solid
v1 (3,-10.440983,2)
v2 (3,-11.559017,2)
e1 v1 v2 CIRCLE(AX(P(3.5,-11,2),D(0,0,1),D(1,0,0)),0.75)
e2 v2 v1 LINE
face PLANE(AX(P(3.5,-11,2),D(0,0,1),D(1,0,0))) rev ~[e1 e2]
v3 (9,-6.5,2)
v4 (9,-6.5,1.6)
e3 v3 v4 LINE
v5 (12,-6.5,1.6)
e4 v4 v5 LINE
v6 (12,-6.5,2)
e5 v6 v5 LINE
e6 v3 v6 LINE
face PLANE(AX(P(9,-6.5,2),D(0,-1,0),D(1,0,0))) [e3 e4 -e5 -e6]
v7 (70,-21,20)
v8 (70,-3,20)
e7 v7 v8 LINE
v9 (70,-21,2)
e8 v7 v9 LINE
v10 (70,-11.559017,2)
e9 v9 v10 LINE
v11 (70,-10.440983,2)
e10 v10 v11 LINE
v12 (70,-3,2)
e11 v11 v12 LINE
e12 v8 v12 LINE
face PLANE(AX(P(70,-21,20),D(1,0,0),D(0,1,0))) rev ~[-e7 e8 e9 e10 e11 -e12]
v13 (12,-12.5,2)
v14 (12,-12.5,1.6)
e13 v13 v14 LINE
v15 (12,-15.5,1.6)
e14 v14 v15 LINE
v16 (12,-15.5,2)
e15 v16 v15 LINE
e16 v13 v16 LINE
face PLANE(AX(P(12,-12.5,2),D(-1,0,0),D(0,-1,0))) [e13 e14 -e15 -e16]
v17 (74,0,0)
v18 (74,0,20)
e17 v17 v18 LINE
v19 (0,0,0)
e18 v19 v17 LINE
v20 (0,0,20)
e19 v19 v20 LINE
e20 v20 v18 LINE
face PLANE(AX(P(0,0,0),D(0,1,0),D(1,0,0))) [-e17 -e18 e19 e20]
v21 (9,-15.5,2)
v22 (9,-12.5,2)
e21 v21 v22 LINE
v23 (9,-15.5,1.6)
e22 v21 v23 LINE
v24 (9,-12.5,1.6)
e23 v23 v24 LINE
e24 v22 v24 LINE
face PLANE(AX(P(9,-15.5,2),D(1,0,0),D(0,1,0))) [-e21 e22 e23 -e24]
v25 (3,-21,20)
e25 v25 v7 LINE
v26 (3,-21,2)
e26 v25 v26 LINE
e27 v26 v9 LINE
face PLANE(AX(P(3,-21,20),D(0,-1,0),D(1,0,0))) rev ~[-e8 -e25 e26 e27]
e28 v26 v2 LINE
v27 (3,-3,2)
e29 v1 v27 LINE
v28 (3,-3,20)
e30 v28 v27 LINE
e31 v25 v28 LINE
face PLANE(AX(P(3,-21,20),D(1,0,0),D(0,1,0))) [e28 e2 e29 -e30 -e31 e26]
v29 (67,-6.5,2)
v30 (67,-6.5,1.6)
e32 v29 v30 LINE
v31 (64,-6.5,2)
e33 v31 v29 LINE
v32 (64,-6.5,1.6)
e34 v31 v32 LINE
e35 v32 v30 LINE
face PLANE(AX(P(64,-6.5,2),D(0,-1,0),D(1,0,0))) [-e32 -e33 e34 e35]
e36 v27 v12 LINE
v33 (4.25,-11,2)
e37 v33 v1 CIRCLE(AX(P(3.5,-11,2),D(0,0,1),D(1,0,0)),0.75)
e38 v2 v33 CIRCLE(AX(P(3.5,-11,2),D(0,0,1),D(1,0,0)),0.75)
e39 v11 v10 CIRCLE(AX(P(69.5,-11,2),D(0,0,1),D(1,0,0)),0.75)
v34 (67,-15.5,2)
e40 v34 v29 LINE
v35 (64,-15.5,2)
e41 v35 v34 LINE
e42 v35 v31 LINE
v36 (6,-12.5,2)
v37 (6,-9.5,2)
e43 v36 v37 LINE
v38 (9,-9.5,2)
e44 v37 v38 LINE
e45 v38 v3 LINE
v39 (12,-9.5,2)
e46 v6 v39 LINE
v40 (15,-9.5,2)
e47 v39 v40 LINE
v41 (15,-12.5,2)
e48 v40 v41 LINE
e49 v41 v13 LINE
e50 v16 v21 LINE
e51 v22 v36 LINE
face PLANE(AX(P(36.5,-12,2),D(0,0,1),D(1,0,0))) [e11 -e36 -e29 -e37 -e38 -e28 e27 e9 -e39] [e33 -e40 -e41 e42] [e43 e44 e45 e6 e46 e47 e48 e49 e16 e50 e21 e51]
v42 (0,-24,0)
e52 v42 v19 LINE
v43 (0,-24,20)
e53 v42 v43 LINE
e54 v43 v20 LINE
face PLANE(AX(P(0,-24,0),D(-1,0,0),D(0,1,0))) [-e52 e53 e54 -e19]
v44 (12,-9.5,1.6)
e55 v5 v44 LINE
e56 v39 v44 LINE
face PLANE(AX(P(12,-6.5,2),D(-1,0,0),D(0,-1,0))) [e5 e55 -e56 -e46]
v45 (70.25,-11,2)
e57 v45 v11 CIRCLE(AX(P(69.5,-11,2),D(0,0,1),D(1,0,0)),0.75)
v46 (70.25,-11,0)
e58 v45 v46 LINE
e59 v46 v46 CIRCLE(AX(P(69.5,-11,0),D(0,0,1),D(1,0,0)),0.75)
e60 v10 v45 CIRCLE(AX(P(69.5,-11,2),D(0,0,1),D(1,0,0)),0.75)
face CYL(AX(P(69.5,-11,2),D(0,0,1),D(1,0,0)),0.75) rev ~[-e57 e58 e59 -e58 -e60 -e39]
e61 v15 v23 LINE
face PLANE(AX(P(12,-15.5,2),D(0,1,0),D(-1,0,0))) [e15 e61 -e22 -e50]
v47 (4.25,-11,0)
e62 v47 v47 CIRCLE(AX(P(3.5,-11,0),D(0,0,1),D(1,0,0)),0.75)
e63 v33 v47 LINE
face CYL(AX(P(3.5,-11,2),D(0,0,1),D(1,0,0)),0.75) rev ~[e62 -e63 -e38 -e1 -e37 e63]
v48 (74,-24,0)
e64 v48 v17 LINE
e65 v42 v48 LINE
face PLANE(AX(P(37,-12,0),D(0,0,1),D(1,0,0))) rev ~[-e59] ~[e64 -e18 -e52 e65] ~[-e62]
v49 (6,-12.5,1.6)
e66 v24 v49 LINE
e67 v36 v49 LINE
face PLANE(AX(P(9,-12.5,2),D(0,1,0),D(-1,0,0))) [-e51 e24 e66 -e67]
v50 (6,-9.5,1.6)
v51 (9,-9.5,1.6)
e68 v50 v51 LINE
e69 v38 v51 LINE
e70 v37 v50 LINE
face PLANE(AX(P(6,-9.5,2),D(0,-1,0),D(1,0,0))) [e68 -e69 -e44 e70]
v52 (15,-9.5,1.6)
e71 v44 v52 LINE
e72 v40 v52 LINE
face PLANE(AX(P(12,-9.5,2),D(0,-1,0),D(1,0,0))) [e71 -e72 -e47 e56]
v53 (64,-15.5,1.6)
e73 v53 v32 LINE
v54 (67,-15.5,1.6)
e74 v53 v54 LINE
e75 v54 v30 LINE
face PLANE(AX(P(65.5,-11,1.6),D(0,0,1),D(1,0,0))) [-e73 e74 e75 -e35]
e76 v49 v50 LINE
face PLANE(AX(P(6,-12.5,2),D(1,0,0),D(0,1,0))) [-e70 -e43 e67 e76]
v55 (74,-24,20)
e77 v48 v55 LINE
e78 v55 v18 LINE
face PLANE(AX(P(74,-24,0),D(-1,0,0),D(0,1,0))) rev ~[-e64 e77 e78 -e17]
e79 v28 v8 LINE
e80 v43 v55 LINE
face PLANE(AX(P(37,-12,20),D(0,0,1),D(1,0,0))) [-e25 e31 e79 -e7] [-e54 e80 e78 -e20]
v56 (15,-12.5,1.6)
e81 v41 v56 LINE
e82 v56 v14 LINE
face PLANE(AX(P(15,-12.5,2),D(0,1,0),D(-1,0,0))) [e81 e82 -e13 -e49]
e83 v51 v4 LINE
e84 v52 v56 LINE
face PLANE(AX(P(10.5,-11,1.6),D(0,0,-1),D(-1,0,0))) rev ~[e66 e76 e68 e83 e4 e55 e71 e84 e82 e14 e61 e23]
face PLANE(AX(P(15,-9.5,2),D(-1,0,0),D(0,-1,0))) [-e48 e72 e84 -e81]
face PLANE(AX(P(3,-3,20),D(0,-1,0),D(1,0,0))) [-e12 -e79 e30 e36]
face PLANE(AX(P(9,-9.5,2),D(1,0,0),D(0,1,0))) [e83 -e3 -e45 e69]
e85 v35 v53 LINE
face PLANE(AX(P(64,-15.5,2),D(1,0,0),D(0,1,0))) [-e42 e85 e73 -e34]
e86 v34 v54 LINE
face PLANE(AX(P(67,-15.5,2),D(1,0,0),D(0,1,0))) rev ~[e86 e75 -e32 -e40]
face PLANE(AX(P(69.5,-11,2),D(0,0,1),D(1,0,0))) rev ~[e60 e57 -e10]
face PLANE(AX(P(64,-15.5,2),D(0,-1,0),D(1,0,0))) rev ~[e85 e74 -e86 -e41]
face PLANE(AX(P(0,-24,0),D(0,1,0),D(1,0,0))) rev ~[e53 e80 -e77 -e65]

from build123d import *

# Parameters (mm, degrees)
SKETCH_W        = 74
SKETCH_H        = 24
PAD_DEPTH       = 20
SKETCH001_W     = 67
SKETCH001_H     = 18
POCKET_DEPTH    = 18
SKETCH002_R     = 0.75
POCKET001_DEPTH = 2
SKETCH003_W     = 3
SKETCH003_H     = 9
POCKET002_DEPTH = 0.4


with BuildPart() as part:
    # Sketch → Pad (new body)
    with BuildSketch(Plane.XY):
        with Locations((37, -12)):
            Rectangle(SKETCH_W, SKETCH_H)
    extrude(amount=PAD_DEPTH)

    # Sketch001 (on Face6 of Pad) → Pocket (cut)
    with BuildSketch(Plane.XY.offset(20)):
        with Locations((36.5, -12)):
            Rectangle(SKETCH001_W, SKETCH001_H)
    extrude(amount=-POCKET_DEPTH, mode=Mode.SUBTRACT)

    # Sketch002 (on Face11 of Pocket) → Pocket001 (cut)
    with BuildSketch(Plane.XY.offset(2)):
        with Locations((3.5, -11)):
            Circle(SKETCH002_R)
        with Locations((69.5, -11)):
            Circle(SKETCH002_R)
    extrude(amount=-POCKET001_DEPTH, mode=Mode.SUBTRACT)

    # Sketch003 (on Face14 of Pocket001) → Pocket002 (cut)
    with BuildSketch(Plane.XY.offset(2)):
        Polygon((9, -9.5), (9, -6.5), (12, -6.5), (12, -9.5), (15, -9.5), (15, -12.5), (12, -12.5), (12, -15.5), (9, -15.5), (9, -12.5), (6, -12.5), (6, -9.5), align=None)
        with Locations((65.5, -11)):
            Rectangle(SKETCH003_W, SKETCH003_H)
    extrude(amount=-POCKET002_DEPTH, mode=Mode.SUBTRACT)


solid = part.part
